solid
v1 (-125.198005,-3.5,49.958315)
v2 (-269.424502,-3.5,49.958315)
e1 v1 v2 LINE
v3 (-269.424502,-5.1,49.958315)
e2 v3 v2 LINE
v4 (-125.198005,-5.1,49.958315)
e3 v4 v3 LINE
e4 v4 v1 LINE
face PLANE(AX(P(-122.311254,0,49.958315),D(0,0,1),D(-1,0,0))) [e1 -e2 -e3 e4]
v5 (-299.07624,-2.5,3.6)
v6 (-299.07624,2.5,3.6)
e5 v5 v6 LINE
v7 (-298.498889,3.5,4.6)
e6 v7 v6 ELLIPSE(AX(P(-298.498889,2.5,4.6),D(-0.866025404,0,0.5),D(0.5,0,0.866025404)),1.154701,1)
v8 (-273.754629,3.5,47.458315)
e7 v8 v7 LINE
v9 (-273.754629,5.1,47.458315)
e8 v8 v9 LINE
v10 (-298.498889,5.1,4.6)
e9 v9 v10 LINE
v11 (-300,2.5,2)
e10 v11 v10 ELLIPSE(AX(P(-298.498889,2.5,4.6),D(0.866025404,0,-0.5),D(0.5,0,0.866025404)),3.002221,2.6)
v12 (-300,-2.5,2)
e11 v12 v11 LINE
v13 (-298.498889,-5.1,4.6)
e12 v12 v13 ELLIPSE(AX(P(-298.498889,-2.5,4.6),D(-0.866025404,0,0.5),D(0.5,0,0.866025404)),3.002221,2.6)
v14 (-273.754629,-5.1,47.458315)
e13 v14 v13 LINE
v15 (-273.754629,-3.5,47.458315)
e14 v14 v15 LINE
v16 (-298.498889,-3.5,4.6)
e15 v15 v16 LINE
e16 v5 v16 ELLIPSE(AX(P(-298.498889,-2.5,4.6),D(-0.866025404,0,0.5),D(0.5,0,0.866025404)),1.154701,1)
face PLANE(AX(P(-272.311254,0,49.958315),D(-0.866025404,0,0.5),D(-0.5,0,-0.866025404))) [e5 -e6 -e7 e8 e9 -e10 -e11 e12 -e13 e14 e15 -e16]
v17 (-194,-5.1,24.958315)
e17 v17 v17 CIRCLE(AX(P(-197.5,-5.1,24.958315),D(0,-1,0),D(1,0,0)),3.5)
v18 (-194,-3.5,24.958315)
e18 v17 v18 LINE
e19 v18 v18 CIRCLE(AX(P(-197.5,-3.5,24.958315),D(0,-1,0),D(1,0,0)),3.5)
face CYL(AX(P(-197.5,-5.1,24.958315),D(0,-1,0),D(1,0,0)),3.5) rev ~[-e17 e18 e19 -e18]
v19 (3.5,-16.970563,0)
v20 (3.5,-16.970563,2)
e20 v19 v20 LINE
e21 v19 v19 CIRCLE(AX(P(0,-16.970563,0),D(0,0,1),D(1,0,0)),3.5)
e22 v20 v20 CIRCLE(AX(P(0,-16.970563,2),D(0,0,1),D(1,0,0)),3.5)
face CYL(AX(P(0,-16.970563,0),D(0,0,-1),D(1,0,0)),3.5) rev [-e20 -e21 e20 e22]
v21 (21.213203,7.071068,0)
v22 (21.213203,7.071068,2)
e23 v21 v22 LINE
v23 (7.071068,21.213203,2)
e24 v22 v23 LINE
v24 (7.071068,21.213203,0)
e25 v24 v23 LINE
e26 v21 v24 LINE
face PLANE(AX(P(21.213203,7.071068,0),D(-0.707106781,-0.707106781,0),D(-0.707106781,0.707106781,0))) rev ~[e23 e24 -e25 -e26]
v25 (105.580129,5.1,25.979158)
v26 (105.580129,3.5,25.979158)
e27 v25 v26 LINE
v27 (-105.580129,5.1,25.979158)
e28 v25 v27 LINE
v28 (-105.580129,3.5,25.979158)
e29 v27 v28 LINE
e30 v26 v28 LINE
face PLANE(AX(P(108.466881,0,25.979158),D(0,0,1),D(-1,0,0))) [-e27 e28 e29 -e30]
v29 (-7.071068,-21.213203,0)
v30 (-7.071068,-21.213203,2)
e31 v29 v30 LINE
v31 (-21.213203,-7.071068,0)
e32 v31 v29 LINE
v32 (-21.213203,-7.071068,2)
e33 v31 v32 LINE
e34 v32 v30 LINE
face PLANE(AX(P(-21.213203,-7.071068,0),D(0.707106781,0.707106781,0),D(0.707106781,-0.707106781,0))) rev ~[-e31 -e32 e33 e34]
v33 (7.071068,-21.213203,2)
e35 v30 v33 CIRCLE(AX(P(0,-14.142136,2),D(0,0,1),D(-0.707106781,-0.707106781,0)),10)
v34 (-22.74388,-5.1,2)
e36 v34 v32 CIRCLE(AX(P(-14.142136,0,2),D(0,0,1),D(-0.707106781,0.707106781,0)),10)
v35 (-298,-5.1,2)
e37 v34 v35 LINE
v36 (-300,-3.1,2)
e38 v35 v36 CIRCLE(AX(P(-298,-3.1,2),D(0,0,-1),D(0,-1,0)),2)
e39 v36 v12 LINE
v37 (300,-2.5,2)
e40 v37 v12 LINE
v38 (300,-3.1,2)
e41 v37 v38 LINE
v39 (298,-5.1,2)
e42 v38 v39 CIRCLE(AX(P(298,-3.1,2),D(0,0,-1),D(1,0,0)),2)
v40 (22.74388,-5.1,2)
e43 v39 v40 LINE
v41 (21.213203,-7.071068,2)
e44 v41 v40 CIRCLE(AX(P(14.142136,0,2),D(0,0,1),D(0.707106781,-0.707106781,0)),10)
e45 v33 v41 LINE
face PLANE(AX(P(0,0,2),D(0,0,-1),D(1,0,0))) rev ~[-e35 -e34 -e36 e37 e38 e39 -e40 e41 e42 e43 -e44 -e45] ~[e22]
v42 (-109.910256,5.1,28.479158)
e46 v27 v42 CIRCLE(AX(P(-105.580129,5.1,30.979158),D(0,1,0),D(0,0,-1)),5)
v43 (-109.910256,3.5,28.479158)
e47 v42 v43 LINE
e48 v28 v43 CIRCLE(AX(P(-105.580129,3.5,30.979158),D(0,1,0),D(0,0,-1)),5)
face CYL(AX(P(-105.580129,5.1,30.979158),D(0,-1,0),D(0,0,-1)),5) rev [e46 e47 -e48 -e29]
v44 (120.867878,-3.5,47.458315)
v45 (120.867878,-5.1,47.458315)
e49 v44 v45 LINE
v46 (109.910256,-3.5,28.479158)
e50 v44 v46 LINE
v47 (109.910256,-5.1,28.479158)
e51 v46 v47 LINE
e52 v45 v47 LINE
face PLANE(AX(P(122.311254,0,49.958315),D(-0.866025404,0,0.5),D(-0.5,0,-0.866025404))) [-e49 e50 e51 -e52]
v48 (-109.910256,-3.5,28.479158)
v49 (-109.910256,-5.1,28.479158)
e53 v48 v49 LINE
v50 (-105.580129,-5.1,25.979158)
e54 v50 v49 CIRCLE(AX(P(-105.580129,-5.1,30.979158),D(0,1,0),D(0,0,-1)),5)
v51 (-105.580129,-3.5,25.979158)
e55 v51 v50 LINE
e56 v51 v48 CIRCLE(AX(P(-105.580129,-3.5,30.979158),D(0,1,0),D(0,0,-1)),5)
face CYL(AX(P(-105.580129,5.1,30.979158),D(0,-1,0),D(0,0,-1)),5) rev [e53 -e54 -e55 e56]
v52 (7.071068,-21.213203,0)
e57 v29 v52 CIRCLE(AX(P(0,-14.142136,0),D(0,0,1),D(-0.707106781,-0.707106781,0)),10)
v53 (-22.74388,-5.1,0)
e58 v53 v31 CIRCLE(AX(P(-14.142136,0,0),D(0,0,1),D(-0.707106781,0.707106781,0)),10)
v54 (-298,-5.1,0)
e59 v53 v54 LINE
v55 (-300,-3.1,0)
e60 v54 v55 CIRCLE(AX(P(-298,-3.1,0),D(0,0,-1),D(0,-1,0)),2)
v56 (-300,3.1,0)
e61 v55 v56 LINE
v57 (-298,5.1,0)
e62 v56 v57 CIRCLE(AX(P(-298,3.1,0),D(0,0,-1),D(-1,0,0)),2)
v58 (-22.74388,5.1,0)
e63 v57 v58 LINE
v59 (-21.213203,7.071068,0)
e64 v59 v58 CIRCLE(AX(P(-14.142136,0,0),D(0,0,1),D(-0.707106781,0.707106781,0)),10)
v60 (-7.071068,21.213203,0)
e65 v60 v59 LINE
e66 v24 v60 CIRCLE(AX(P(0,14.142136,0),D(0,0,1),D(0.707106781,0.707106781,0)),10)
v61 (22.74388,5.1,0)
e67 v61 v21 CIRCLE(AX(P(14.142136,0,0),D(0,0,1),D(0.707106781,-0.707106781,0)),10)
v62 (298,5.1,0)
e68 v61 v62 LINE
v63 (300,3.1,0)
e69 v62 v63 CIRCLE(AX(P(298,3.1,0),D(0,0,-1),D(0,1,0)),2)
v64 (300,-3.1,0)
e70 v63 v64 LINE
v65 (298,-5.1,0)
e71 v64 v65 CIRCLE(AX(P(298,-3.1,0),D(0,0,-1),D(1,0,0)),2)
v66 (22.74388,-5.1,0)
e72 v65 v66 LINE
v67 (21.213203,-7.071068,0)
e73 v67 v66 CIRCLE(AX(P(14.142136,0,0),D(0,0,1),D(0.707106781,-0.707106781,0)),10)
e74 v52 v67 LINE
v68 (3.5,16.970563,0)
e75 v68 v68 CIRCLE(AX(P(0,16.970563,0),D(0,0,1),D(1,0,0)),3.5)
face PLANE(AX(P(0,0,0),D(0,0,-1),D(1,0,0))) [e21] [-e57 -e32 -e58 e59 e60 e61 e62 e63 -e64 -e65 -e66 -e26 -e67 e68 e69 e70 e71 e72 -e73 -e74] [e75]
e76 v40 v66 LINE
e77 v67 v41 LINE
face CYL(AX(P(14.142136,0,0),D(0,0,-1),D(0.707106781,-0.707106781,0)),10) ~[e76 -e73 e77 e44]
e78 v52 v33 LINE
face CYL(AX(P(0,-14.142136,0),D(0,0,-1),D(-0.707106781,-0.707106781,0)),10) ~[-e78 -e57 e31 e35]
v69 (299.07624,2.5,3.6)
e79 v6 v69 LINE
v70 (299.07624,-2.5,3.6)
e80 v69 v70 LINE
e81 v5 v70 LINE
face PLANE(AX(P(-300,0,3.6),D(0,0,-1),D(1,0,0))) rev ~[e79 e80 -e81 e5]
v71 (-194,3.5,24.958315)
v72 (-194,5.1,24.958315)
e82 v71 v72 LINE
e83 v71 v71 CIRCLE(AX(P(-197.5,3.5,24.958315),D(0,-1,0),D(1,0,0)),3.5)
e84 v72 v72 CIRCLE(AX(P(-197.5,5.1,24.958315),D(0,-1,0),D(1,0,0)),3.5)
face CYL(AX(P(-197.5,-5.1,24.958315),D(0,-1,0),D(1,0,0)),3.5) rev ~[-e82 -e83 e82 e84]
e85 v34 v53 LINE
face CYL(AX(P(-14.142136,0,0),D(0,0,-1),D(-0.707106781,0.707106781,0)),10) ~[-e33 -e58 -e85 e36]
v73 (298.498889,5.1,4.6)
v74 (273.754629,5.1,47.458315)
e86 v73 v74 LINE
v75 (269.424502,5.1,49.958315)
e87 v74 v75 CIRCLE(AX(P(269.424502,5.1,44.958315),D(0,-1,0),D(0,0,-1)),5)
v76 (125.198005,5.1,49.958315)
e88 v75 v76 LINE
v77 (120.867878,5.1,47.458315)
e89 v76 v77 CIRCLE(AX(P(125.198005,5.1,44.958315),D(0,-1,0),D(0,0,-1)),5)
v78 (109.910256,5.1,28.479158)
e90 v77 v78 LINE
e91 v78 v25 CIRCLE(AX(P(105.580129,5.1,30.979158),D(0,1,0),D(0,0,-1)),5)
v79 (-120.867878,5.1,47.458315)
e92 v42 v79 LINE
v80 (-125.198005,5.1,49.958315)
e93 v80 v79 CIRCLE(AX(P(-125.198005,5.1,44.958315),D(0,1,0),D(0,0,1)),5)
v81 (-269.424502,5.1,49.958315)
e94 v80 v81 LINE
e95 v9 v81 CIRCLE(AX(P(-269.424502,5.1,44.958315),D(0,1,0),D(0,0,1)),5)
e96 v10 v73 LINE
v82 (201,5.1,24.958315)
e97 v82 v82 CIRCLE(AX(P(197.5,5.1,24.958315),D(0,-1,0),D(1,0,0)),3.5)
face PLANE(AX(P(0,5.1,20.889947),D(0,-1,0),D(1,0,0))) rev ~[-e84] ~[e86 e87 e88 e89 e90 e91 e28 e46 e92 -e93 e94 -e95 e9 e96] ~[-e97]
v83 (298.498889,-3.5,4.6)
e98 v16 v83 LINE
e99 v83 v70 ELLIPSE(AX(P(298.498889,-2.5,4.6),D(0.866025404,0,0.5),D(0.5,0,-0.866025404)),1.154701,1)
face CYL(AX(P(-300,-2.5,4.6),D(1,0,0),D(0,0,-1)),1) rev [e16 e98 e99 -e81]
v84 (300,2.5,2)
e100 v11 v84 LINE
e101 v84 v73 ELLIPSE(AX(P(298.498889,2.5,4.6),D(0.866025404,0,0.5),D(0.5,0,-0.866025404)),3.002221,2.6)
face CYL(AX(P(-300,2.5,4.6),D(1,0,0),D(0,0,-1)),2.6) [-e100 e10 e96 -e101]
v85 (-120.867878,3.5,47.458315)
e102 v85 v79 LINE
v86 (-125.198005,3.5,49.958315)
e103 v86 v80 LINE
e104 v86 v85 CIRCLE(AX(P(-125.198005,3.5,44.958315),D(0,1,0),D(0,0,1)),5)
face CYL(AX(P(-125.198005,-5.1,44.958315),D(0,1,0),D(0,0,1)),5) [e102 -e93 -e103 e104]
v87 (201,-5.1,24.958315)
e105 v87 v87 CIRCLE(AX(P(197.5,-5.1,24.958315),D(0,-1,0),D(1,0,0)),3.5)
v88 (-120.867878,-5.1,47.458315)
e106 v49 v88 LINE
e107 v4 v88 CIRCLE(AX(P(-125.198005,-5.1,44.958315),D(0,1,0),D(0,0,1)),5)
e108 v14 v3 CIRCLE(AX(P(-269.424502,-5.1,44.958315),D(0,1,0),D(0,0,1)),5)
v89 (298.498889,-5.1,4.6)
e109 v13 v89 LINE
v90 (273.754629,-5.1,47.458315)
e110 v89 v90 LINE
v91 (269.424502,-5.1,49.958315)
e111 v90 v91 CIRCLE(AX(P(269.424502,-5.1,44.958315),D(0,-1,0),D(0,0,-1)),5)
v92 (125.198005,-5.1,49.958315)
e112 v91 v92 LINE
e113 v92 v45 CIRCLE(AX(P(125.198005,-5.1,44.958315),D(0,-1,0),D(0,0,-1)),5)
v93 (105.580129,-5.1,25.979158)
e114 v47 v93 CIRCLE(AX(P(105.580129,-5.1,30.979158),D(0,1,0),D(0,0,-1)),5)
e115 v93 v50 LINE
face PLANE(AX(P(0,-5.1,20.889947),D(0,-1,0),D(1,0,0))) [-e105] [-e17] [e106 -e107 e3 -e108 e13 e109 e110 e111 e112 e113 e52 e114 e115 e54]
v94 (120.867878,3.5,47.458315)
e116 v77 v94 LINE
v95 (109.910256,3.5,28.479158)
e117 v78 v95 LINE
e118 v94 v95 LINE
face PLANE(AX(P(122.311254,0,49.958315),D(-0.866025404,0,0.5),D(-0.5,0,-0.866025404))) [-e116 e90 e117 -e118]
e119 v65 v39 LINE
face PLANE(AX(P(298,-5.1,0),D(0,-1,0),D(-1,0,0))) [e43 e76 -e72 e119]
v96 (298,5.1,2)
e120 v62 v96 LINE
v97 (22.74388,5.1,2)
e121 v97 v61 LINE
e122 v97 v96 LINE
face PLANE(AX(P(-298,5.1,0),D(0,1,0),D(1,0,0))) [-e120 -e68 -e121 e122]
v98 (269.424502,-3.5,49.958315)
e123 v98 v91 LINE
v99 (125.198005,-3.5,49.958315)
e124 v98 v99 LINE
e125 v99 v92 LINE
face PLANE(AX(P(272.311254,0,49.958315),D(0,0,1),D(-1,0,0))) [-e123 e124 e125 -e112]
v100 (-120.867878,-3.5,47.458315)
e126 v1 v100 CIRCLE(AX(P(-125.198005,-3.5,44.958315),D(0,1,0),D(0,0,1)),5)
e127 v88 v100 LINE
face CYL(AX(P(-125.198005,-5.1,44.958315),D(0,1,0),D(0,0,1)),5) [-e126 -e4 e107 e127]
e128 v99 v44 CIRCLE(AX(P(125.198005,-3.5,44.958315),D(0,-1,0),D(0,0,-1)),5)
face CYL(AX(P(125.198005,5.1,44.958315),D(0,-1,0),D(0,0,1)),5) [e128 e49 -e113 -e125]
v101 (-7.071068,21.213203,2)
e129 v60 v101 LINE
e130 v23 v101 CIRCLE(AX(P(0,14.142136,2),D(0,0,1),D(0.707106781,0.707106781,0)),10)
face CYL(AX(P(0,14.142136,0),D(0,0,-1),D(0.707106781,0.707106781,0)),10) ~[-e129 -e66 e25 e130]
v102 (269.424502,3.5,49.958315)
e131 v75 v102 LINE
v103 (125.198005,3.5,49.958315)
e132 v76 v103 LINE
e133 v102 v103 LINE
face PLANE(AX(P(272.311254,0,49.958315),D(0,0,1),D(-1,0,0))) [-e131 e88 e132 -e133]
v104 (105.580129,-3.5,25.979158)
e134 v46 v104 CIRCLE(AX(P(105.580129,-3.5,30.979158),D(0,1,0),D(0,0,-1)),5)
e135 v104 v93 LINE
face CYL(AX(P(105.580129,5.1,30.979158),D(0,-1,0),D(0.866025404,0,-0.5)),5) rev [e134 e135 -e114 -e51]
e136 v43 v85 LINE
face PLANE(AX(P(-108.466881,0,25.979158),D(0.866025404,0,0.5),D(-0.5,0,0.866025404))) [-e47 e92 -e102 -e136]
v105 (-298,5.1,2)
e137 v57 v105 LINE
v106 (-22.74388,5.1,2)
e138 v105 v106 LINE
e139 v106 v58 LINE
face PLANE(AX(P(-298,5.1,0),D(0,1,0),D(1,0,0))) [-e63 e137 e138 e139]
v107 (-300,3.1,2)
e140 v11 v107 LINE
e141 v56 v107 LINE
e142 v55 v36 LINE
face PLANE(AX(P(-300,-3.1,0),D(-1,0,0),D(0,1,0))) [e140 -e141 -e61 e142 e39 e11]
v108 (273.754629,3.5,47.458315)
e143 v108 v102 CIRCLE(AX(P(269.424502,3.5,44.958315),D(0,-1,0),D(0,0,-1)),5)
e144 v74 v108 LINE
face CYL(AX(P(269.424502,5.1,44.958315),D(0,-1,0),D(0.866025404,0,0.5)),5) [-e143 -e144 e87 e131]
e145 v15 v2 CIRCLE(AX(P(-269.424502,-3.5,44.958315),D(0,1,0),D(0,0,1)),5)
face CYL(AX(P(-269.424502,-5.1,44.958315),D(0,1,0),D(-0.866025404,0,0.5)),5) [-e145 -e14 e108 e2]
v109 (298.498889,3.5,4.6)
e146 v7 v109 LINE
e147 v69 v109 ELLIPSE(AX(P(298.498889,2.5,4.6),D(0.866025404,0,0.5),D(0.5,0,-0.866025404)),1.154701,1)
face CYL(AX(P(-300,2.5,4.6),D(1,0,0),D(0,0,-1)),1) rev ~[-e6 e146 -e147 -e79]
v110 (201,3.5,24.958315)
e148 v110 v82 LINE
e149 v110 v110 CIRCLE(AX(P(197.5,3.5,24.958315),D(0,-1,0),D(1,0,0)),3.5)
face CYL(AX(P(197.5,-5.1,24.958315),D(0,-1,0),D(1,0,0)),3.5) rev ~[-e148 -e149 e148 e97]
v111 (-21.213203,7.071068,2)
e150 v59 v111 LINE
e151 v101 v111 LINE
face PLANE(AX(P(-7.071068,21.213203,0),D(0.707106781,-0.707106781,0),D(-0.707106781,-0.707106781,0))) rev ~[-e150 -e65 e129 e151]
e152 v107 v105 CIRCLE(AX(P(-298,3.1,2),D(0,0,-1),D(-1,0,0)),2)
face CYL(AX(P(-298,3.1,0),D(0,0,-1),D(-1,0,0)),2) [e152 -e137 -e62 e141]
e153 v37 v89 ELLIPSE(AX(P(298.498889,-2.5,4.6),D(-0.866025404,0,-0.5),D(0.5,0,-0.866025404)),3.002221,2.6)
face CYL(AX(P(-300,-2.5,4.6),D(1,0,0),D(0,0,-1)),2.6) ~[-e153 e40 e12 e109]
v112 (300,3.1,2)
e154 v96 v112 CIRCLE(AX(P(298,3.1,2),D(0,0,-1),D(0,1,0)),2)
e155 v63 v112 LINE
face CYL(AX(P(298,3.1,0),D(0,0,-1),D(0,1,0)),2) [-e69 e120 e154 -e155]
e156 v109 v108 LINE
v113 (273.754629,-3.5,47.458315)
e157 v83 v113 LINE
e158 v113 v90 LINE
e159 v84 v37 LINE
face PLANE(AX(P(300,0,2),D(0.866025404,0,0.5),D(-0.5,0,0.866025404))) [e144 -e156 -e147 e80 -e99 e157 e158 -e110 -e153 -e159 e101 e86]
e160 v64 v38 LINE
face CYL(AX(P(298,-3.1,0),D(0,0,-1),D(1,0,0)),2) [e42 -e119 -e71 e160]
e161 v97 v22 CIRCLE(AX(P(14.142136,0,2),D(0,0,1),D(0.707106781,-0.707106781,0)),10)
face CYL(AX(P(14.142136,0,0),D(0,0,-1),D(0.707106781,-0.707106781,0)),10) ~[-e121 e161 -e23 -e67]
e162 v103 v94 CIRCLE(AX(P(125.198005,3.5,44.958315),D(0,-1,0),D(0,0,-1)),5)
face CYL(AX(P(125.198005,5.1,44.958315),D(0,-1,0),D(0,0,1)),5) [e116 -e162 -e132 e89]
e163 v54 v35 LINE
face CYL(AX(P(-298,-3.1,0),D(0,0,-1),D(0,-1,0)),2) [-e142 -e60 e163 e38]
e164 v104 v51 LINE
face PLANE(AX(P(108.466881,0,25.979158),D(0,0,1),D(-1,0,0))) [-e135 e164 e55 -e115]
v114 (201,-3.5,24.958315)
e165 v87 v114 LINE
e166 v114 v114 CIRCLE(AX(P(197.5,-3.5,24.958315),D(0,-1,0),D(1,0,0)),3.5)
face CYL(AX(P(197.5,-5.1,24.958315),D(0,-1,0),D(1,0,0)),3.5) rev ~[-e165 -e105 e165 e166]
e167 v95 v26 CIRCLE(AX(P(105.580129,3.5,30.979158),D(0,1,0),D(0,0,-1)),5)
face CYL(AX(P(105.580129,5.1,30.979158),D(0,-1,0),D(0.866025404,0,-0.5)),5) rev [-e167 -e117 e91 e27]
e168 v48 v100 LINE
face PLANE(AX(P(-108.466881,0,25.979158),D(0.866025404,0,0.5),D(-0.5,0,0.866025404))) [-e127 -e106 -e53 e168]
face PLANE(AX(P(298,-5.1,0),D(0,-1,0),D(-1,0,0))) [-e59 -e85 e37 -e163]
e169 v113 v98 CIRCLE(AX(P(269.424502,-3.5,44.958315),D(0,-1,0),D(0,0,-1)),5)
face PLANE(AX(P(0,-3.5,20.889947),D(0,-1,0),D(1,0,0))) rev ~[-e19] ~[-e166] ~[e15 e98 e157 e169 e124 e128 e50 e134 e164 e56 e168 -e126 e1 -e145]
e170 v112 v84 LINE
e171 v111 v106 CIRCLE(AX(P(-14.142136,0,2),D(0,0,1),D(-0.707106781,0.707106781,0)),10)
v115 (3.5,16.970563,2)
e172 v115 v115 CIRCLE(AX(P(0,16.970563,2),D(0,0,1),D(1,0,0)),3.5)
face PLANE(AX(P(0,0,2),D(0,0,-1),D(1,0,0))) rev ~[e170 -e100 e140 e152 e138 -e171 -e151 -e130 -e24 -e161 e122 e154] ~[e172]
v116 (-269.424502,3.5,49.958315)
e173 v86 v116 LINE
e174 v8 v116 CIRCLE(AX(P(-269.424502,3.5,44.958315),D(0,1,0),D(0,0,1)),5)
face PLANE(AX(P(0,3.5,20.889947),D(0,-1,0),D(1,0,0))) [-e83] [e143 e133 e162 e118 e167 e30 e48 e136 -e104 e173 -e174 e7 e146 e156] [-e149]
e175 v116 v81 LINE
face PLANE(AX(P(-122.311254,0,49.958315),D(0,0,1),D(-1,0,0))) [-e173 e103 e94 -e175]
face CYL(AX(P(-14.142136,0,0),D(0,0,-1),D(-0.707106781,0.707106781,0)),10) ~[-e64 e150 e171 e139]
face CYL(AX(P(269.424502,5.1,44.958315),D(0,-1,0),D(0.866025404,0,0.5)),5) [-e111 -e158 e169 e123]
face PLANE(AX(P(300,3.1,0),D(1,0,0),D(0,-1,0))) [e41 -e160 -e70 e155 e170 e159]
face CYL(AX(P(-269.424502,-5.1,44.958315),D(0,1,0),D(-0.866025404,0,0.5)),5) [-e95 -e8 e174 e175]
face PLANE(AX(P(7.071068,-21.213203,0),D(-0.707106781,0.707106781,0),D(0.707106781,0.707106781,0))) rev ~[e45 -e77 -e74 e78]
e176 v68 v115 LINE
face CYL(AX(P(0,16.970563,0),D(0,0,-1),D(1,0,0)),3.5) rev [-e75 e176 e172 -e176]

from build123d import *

# Parameters (mm, degrees)
F0_R      = 3.5
F1_DEPTH  = 2
F3_DEPTH  = 5.1
F4_R      = 2.6
F5_R      = 5
F6_T      = -1.6
F8_DEPTH  = 2
F9_R      = 3.5
F10_DEPTH = 29.2431356237


with BuildPart() as f1:
    # F0 (on Top) → F1 (new body)
    with BuildSketch(Plane.XY):
        with BuildLine():
            Line((-7.0710678119, 21.2132034356), (-21.2132034356, 7.0710678119))
            ThreePointArc((-21.2132034356, 7.0710678119), (-24.1421356237, 0), (-21.2132034356, -7.0710678119))
            Line((-21.2132034356, -7.0710678119), (-7.0710678119, -21.2132034356))
            ThreePointArc((-7.0710678119, -21.2132034356), (0, -24.1421356237), (7.0710678119, -21.2132034356))
            Line((7.0710678119, -21.2132034356), (21.2132034356, -7.0710678119))
            ThreePointArc((21.2132034356, -7.0710678119), (24.1421356237, 0), (21.2132034356, 7.0710678119))
            Line((21.2132034356, 7.0710678119), (7.0710678119, 21.2132034356))
            ThreePointArc((7.0710678119, 21.2132034356), (0, 24.1421356237), (-7.0710678119, 21.2132034356))
        make_face()
        with Locations((0, -16.9705627485)):
            Circle(F0_R, mode=Mode.SUBTRACT)
        with Locations((-16.9705627485, 0)):
            Circle(F0_R, mode=Mode.SUBTRACT)
        with Locations((16.9705627485, 0)):
            Circle(F0_R, mode=Mode.SUBTRACT)
        with Locations((0, 16.9705627485)):
            Circle(F0_R, mode=Mode.SUBTRACT)
    extrude(amount=F1_DEPTH)



with BuildPart() as f3:
    # F2 (on Front) → F3 (new body, symmetric)
    with BuildSketch(Plane.XZ):
        Polygon((-300, 2), (300, 2), (272.3112537903, 49.9583152331), (122.3112537903, 49.9583152331), (108.4668806854, 25.9791576166), (0, 25.9791576166), (-108.4668806854, 25.9791576166), (-122.3112537903, 49.9583152331), (-272.3112537903, 49.9583152331), align=None)
    extrude(amount=F3_DEPTH, both=True)

    # F4
    f4_edges = [f3.edges().sort_by_distance(p)[0] for p in [
        (0, -5.1, 2),
        (0, 5.1, 2),
    ]]
    fillet(f4_edges, radius=F4_R)

    # F5
    f5_edges = [f3.edges().sort_by_distance(p)[0] for p in [
        (-272.311254, 0, 49.958315),
        (-122.311254, 0, 49.958315),
        (-108.466881, 0, 25.979158),
        (122.311254, 0, 49.958315),
        (108.466881, 0, 25.979158),
        (272.311254, 0, 49.958315),
    ]]
    fillet(f5_edges, radius=F5_R)

    # F6
    f6_openings = [f3.faces().sort_by_distance(p)[0] for p in [
        (-286.796795, 0, 24.868623),
        (-271.924502, 0, 49.288442),
        (-197.311254, 0, 49.958315),
        (0, 0, 25.979158),
        (-108.080129, 0, 26.649031),
        (-115.389067, 0, 37.968736),
        (-122.698005, 0, 49.288442),
        (108.080129, 0, 26.649031),
        (115.389067, 0, 37.968736),
        (122.698005, 0, 49.288442),
        (197.311254, 0, 49.958315),
        (271.924502, 0, 49.288442),
        (286.796795, 0, 24.868623),
    ]]
    offset(amount=F6_T, openings=f6_openings)


with BuildPart() as f1_1:
    add(f1.part)

    add(f3.part)  # F8 merges F3
    # F7 (on face) → F8 (join, through all)
    with BuildSketch(Plane(origin=(0, 0, 0), x_dir=(1, 0, 0), z_dir=(0, 0, -1))):
        with BuildLine():
            Line((-298, -5.1), (298, -5.1))
            ThreePointArc((298, -5.1), (299.4142135624, -4.5142135624), (300, -3.1))
            Line((300, -3.1), (300, 3.1))
            ThreePointArc((300, 3.1), (299.4142135624, 4.5142135624), (298, 5.1))
            Line((298, 5.1), (-298, 5.1))
            ThreePointArc((-298, 5.1), (-299.4142135624, 4.5142135624), (-300, 3.1))
            Line((-300, 3.1), (-300, -3.1))
            ThreePointArc((-300, -3.1), (-299.4142135624, -4.5142135624), (-298, -5.1))
        make_face()
    extrude(amount=-F8_DEPTH)

    # F9 (on face) → F10 (cut, through all)
    with BuildSketch(Plane.XZ.offset(5.1)):
        with Locations((-197.5, 24.9583152331)):
            Circle(F9_R)
        with Locations((197.5, 24.9583152331)):
            Circle(F9_R)
    extrude(amount=-F10_DEPTH, mode=Mode.SUBTRACT)


solid = f1_1.part
